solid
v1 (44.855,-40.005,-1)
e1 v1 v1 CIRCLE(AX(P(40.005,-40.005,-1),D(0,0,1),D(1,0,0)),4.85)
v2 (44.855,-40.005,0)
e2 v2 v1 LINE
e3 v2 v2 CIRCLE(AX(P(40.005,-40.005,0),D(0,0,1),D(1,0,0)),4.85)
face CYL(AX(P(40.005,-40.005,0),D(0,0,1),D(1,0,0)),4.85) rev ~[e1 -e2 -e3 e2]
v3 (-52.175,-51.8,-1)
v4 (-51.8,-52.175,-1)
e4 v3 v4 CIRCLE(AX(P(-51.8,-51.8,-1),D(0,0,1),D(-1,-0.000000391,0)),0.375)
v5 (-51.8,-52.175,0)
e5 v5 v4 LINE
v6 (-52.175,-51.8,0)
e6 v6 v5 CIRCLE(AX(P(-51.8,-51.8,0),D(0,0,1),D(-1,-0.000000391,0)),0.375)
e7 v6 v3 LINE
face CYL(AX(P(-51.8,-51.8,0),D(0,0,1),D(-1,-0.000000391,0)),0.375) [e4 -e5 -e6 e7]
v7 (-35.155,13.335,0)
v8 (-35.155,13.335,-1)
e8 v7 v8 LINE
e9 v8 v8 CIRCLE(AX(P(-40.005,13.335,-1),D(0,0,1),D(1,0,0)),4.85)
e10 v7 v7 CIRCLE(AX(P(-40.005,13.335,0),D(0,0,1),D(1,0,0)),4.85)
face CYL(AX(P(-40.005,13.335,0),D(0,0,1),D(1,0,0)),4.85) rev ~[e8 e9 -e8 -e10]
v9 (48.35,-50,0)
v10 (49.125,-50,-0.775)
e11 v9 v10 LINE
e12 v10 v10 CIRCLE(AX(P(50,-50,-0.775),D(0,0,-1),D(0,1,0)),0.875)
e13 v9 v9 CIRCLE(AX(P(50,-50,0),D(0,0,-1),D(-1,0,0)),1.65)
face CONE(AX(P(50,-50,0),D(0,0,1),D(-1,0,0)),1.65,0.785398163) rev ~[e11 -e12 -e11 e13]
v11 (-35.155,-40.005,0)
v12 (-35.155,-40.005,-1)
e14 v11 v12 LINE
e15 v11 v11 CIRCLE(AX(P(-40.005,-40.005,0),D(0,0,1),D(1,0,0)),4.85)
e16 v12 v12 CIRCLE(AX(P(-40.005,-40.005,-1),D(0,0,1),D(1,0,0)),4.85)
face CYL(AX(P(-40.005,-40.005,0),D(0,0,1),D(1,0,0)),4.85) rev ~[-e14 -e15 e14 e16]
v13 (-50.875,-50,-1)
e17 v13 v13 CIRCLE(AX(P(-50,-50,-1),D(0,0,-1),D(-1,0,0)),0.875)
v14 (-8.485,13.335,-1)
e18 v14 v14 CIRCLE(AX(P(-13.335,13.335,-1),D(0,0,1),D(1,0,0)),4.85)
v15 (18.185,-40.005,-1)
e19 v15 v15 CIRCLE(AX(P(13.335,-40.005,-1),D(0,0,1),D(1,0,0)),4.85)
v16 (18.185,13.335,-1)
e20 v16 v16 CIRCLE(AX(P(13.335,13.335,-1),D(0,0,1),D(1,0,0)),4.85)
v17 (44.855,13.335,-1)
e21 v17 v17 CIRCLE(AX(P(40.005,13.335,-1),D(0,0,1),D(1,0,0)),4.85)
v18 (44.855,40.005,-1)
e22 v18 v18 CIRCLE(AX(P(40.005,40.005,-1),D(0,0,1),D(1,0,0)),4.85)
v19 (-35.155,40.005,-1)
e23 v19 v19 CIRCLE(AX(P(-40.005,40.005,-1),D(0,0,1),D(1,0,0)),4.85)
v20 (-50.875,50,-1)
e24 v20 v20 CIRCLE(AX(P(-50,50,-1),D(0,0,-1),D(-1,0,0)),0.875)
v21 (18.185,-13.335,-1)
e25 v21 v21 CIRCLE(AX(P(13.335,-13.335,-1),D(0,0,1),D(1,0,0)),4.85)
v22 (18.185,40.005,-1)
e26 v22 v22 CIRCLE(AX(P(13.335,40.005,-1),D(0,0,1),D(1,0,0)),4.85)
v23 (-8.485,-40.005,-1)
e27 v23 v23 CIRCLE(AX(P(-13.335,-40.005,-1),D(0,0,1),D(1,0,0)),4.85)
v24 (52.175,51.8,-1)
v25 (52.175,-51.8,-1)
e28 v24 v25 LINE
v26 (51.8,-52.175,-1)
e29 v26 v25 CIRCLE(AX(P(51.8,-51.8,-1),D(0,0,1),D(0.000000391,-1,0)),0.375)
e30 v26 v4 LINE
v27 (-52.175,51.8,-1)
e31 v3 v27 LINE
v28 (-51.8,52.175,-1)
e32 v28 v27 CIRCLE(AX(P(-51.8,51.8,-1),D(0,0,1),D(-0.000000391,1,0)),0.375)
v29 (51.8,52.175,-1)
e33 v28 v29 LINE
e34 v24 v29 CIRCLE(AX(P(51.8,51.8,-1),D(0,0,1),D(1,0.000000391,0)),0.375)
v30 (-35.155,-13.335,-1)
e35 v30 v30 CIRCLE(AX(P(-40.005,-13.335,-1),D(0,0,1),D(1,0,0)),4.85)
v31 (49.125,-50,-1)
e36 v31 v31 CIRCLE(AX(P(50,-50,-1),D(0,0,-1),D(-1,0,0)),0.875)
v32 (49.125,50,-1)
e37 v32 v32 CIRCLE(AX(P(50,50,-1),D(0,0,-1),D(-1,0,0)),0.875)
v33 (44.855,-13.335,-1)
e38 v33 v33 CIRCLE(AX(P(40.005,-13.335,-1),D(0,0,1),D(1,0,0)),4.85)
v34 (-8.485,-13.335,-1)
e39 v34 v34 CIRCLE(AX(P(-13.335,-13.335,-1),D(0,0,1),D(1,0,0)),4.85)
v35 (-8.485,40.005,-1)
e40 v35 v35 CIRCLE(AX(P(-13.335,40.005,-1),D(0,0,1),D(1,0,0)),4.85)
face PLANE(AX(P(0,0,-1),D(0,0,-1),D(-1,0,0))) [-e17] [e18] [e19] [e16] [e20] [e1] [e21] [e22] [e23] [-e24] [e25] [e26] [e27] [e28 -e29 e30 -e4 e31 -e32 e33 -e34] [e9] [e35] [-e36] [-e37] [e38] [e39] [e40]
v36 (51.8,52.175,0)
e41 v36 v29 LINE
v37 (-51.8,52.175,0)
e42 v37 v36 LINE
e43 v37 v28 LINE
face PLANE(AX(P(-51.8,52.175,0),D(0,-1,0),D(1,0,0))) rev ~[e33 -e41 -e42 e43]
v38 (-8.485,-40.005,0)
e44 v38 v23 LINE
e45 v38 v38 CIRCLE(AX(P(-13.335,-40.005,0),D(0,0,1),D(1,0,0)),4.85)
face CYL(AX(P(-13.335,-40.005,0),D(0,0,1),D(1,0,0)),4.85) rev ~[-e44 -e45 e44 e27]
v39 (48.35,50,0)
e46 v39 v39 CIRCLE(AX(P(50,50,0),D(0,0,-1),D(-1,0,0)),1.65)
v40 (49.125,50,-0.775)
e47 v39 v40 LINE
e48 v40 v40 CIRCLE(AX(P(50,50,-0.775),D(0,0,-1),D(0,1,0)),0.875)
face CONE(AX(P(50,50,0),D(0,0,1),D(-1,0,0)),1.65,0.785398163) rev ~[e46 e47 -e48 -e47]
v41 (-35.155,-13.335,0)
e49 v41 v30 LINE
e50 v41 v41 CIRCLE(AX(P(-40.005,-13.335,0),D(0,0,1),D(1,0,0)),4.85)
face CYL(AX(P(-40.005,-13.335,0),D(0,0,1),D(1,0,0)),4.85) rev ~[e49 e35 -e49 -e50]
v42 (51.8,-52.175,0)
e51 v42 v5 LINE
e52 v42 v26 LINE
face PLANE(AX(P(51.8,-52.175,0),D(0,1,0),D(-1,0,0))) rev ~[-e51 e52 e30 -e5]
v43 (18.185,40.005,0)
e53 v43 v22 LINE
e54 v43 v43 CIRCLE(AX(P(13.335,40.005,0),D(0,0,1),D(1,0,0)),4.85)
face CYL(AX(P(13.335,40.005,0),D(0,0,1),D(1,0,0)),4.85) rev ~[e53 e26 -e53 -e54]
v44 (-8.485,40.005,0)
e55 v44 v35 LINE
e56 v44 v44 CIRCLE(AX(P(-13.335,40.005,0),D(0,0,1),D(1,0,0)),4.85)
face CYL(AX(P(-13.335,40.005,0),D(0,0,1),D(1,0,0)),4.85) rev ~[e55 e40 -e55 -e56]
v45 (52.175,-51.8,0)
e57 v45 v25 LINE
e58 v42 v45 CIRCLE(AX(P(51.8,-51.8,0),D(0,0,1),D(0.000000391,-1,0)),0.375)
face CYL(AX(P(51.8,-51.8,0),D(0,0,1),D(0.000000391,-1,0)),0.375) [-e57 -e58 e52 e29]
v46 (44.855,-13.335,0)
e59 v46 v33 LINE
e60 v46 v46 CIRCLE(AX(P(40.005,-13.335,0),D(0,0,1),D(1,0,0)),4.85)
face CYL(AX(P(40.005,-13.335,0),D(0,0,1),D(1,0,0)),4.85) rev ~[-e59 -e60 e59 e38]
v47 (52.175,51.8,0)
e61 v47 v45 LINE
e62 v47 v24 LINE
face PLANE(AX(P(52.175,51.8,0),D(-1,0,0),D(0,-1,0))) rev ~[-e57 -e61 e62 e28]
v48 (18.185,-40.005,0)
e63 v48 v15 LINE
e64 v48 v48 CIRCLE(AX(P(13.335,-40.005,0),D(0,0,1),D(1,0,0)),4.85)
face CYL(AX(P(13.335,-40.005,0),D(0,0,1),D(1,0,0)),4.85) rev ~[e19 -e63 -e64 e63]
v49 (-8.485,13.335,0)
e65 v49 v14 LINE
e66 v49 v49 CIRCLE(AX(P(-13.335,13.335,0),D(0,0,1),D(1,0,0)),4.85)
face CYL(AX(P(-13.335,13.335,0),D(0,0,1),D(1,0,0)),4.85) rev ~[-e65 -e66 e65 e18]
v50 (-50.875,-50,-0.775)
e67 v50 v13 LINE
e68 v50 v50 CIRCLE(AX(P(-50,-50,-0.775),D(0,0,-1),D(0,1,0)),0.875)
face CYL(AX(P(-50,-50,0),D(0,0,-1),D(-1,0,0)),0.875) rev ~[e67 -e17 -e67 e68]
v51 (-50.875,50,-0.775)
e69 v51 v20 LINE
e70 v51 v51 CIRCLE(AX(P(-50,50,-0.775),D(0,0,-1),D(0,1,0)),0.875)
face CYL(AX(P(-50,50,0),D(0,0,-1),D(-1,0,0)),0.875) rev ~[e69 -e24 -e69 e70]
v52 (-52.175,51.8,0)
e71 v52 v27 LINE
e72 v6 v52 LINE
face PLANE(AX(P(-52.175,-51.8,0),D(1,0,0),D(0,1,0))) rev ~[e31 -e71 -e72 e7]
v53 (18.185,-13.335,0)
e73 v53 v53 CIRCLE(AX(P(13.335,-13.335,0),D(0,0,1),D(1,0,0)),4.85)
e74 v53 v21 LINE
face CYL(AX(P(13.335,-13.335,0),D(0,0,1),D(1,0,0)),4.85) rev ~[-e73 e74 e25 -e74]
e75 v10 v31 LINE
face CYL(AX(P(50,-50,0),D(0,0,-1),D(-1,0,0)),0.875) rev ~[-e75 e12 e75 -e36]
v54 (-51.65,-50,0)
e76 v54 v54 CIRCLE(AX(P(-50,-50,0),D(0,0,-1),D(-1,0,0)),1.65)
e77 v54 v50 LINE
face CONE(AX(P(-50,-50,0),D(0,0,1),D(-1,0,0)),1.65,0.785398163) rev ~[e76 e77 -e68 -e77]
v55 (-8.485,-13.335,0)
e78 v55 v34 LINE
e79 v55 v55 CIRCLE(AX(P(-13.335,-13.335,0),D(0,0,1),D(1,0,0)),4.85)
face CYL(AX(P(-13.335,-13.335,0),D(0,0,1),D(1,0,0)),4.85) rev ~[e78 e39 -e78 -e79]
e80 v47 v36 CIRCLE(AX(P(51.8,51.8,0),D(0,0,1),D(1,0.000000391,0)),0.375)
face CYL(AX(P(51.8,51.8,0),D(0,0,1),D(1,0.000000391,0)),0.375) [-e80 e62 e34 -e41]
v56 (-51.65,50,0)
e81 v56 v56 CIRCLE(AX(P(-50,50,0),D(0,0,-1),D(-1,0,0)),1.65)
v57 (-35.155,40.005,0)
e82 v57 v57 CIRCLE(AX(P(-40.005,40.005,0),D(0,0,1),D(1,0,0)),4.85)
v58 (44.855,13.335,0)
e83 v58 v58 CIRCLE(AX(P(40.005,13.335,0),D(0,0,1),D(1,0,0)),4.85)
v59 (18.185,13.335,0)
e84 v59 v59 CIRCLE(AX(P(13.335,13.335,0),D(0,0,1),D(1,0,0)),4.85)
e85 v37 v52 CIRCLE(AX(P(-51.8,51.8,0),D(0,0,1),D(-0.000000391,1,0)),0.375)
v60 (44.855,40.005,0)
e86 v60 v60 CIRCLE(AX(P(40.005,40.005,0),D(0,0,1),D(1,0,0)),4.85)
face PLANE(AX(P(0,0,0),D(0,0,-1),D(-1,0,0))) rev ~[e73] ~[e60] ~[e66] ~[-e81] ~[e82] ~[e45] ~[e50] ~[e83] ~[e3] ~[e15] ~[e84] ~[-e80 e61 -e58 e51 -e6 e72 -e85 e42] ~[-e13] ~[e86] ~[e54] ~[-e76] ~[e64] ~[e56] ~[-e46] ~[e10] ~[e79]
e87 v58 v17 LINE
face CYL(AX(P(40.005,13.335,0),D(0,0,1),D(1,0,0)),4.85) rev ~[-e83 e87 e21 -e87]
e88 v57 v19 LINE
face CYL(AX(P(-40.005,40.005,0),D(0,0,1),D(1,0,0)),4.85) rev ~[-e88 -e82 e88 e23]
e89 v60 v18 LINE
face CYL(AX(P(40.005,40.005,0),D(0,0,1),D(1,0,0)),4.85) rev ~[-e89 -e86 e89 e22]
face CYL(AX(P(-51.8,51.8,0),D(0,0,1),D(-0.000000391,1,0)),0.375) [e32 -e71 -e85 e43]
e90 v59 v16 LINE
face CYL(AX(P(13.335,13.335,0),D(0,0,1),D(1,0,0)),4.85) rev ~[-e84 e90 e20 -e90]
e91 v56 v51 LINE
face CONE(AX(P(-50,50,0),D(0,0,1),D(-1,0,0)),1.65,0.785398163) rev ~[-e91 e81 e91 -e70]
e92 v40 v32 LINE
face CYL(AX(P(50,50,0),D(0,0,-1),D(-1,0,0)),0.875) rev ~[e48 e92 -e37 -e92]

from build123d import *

# Parameters (mm, degrees)
PAD_DEPTH        = 1
POCKET_DEPTH     = 0.001
HOLE_D           = 1.75
HOLE_CSINK_D     = 3.3
HOLE_CSINK_ANGLE = 90
SKETCH005_R      = 4.85
HOLE003_DEPTH    = 1.001


with BuildPart() as part:
    # Sketch → Pad (new body)
    with BuildSketch(Plane.XY):
        with BuildLine():
            Line((-51.8, 52.175), (51.8, 52.175))
            ThreePointArc((52.175, 51.8), (52.065165, 52.065165), (51.8, 52.175))
            Line((52.175, 51.8), (52.175, -51.8))
            ThreePointArc((51.8, -52.175), (52.065165, -52.065165), (52.175, -51.8))
            Line((51.8, -52.175), (-51.8, -52.175))
            ThreePointArc((-52.175, -51.8), (-52.065165, -52.065165), (-51.8, -52.175))
            Line((-52.175, -51.8), (-52.175, 51.8))
            ThreePointArc((-51.8, 52.175), (-52.065165, 52.065165), (-52.175, 51.8))
        make_face()
    extrude(amount=-PAD_DEPTH)

    # Sketch002 → Pocket (cut, through all)
    with BuildSketch(Plane.XY.offset(-4.8)):
        with BuildLine():
            Line((-45, 50.175), (45, 50.175))
            ThreePointArc((45, 50.175), (45.353553, 50.321447), (45.5, 50.675))
            ThreePointArc((45.5, 50.675), (45.353553, 51.028553), (45, 51.175))
            Line((-45, 51.175), (45, 51.175))
            ThreePointArc((-45, 51.175), (-45.353553, 51.028553), (-45.5, 50.675))
            ThreePointArc((-45.5, 50.675), (-45.353553, 50.321447), (-45, 50.175))
        make_face()
        with BuildLine():
            Line((-45, -51.175), (45, -51.175))
            ThreePointArc((45, -51.175), (45.353553, -51.028553), (45.5, -50.675))
            ThreePointArc((45.5, -50.675), (45.353553, -50.321447), (45, -50.175))
            Line((-45, -50.175), (45, -50.175))
            ThreePointArc((-45, -50.175), (-45.353553, -50.321447), (-45.5, -50.675))
            ThreePointArc((-45.5, -50.675), (-45.353553, -51.028553), (-45, -51.175))
        make_face()
        with BuildLine():
            Line((51.175, -45), (51.175, 45))
            ThreePointArc((51.175, 45), (51.028553, 45.353553), (50.675, 45.5))
            ThreePointArc((50.675, 45.5), (50.321447, 45.353553), (50.175, 45))
            Line((50.175, -45), (50.175, 45))
            ThreePointArc((50.175, -45), (50.321447, -45.353553), (50.675, -45.5))
            ThreePointArc((50.675, -45.5), (51.028553, -45.353553), (51.175, -45))
        make_face()
        with BuildLine():
            Line((-50.175, -45), (-50.175, 45))
            ThreePointArc((-50.175, 45), (-50.321447, 45.353553), (-50.675, 45.5))
            ThreePointArc((-50.675, 45.5), (-51.028553, 45.353553), (-51.175, 45))
            Line((-51.175, -45), (-51.175, 45))
            ThreePointArc((-51.175, -45), (-51.028553, -45.353553), (-50.675, -45.5))
            ThreePointArc((-50.675, -45.5), (-50.321447, -45.353553), (-50.175, -45))
        make_face()
    extrude(amount=-POCKET_DEPTH, mode=Mode.SUBTRACT)

    # Hole (through all)
    with Locations(Plane.XY):
        with Locations((-50, 50), (50, 50), (50, -50), (-50, -50)):
            CounterSinkHole(HOLE_D / 2, HOLE_CSINK_D / 2, counter_sink_angle=HOLE_CSINK_ANGLE)

    # Sketch005 → Hole003 (cut, through all)
    with BuildSketch(Plane.XY):
        with Locations((-40.005, 40.005)):
            Circle(SKETCH005_R)
        with Locations((-13.335, 40.005)):
            Circle(SKETCH005_R)
        with Locations((13.335, 40.005)):
            Circle(SKETCH005_R)
        with Locations((40.005, 40.005)):
            Circle(SKETCH005_R)
        with Locations((-40.005, 13.335)):
            Circle(SKETCH005_R)
        with Locations((-13.335, 13.335)):
            Circle(SKETCH005_R)
        with Locations((13.335, 13.335)):
            Circle(SKETCH005_R)
        with Locations((40.005, 13.335)):
            Circle(SKETCH005_R)
        with Locations((-40.005, -13.335)):
            Circle(SKETCH005_R)
        with Locations((-13.335, -13.335)):
            Circle(SKETCH005_R)
        with Locations((13.335, -13.335)):
            Circle(SKETCH005_R)
        with Locations((40.005, -13.335)):
            Circle(SKETCH005_R)
        with Locations((-40.005, -40.005)):
            Circle(SKETCH005_R)
        with Locations((-13.335, -40.005)):
            Circle(SKETCH005_R)
        with Locations((13.335, -40.005)):
            Circle(SKETCH005_R)
        with Locations((40.005, -40.005)):
            Circle(SKETCH005_R)
    extrude(amount=-HOLE003_DEPTH, mode=Mode.SUBTRACT)


solid = part.part
